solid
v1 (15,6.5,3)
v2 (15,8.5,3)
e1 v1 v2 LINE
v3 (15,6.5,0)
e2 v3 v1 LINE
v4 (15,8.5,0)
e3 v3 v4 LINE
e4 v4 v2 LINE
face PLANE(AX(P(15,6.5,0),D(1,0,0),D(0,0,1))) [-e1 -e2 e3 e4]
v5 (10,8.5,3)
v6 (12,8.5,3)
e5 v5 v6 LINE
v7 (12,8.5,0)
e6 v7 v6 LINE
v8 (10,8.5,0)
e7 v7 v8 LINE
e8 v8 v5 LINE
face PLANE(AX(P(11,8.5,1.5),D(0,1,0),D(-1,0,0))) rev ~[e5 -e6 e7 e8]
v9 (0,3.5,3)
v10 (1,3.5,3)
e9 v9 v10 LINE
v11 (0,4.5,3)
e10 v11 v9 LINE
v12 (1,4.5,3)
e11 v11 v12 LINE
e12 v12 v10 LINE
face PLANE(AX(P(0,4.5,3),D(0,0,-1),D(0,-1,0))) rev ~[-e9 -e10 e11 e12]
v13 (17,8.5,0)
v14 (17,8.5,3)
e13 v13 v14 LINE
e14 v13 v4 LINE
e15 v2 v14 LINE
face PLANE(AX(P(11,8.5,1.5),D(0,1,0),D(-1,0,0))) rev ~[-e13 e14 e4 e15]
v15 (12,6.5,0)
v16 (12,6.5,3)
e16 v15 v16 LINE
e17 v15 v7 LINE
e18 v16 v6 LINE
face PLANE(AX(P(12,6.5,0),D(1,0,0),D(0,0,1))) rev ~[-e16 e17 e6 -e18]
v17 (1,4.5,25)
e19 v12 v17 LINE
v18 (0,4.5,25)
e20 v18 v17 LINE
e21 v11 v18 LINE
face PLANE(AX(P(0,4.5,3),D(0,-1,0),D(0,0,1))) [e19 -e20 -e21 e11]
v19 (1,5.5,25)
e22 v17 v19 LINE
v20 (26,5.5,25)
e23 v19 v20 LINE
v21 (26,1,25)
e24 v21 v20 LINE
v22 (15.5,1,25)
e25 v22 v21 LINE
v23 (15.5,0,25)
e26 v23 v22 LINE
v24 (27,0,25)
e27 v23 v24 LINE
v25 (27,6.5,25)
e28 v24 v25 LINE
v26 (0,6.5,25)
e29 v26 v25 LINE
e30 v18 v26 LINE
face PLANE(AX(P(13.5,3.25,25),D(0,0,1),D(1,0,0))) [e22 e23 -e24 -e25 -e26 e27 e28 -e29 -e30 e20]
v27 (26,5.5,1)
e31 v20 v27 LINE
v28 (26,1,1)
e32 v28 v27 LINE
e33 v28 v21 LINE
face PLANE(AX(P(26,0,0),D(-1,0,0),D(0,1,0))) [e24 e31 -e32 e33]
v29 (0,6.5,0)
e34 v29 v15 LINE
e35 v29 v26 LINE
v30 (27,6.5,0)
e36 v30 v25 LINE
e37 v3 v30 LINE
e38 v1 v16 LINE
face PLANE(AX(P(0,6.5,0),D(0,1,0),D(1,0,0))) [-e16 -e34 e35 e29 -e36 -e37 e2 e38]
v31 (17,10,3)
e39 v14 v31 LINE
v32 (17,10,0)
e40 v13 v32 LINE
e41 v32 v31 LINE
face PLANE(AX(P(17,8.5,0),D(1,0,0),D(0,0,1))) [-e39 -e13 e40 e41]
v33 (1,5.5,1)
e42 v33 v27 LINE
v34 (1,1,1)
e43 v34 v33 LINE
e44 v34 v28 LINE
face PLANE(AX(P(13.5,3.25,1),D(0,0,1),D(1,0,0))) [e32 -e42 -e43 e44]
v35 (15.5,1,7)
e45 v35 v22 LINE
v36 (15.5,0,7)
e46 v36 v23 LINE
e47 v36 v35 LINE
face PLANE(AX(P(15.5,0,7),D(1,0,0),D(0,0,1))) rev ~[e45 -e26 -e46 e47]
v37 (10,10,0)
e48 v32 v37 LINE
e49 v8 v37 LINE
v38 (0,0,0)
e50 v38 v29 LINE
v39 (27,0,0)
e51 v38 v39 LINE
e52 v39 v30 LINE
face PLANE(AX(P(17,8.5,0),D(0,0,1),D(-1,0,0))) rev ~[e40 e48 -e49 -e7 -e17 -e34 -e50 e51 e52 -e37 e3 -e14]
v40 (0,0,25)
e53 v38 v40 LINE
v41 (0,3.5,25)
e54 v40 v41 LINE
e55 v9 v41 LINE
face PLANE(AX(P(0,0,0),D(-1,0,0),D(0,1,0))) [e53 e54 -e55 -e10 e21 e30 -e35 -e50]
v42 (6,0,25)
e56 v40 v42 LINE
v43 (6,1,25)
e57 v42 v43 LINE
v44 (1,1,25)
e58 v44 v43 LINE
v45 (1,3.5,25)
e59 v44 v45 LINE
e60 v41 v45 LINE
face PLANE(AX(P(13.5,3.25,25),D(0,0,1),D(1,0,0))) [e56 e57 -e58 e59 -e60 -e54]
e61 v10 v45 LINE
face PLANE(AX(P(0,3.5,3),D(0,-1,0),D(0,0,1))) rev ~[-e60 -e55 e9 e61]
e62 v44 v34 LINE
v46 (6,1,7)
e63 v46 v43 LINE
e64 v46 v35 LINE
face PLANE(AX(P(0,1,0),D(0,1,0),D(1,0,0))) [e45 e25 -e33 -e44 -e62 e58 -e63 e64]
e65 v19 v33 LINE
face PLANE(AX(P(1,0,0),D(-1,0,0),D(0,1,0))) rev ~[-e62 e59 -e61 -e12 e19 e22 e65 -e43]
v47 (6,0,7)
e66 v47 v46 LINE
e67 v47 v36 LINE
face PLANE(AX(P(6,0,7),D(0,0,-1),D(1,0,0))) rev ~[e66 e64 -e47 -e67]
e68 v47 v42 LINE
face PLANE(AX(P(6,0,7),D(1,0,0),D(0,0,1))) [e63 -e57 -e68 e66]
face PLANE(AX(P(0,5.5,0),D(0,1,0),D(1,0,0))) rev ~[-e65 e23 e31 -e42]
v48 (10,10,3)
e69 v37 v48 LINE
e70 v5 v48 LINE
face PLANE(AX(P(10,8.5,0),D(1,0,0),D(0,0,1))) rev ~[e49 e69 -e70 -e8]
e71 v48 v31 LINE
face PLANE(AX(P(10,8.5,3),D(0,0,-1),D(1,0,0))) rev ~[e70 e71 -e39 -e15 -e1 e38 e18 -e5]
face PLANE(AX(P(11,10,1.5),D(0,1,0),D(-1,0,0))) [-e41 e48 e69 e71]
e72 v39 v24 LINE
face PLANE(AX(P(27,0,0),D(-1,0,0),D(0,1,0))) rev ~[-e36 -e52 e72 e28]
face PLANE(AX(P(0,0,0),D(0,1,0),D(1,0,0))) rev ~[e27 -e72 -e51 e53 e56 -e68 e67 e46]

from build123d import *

# Parameters (mm, degrees)
F0_W      = 27
F0_H      = 6.5
F1_DEPTH  = 25
F2_T      = -1
F3_W      = 9.5
F3_H      = 18
F4_DEPTH  = 1
F5_W      = 1
F5_H      = 22
F6_DEPTH  = 1
F7_W      = 3
F7_H      = 3
F8_DEPTH  = 2
F9_W      = 2
F9_H      = 3
F9_W_2    = 3
F10_DEPTH = 1.5


with BuildPart() as f1:
    # F0 (on Top) → F1 (new body)
    with BuildSketch(Plane.XY):
        with Locations((13.5, 3.25)):
            Rectangle(F0_W, F0_H)
    extrude(amount=F1_DEPTH)

    # F2
    f2_openings = [f1.faces().sort_by_distance(p)[0] for p in [
        (13.5, 3.25, 25),
    ]]
    offset(amount=F2_T, openings=f2_openings)

    # F3 (on face) → F4 (cut, through all)
    with BuildSketch(Plane.XZ):
        with Locations((10.75, 16)):
            Rectangle(F3_W, F3_H)
    extrude(amount=-F4_DEPTH, mode=Mode.SUBTRACT)

    # F5 (on face) → F6 (cut, through all)
    with BuildSketch(Plane(origin=(0, 0, 0), x_dir=(0, -1, 0), z_dir=(-1, 0, 0))):
        with Locations((-4, 14)):
            Rectangle(F5_W, F5_H)
    extrude(amount=-F6_DEPTH, mode=Mode.SUBTRACT)

    # F7 (on face) → F8 (join)
    with BuildSketch(Plane(origin=(0, 6.5, 0), x_dir=(-1, 0, 0), z_dir=(0, 1, 0))):
        with Locations((-13.5, 1.5)):
            Rectangle(F7_W, F7_H)
    extrude(amount=F8_DEPTH)

    # F9 (on face) → F10 (join)
    with BuildSketch(Plane(origin=(0, 8.5, 0), x_dir=(-1, 0, 0), z_dir=(0, 1, 0))):
        with Locations((-11, 1.5)):
            Rectangle(F9_W, F9_H)
        with Locations((-13.5, 1.5)):
            Rectangle(F9_W_2, F9_H)
        with Locations((-16, 1.5)):
            Rectangle(F9_W, F9_H)
    extrude(amount=F10_DEPTH)


solid = f1.part
